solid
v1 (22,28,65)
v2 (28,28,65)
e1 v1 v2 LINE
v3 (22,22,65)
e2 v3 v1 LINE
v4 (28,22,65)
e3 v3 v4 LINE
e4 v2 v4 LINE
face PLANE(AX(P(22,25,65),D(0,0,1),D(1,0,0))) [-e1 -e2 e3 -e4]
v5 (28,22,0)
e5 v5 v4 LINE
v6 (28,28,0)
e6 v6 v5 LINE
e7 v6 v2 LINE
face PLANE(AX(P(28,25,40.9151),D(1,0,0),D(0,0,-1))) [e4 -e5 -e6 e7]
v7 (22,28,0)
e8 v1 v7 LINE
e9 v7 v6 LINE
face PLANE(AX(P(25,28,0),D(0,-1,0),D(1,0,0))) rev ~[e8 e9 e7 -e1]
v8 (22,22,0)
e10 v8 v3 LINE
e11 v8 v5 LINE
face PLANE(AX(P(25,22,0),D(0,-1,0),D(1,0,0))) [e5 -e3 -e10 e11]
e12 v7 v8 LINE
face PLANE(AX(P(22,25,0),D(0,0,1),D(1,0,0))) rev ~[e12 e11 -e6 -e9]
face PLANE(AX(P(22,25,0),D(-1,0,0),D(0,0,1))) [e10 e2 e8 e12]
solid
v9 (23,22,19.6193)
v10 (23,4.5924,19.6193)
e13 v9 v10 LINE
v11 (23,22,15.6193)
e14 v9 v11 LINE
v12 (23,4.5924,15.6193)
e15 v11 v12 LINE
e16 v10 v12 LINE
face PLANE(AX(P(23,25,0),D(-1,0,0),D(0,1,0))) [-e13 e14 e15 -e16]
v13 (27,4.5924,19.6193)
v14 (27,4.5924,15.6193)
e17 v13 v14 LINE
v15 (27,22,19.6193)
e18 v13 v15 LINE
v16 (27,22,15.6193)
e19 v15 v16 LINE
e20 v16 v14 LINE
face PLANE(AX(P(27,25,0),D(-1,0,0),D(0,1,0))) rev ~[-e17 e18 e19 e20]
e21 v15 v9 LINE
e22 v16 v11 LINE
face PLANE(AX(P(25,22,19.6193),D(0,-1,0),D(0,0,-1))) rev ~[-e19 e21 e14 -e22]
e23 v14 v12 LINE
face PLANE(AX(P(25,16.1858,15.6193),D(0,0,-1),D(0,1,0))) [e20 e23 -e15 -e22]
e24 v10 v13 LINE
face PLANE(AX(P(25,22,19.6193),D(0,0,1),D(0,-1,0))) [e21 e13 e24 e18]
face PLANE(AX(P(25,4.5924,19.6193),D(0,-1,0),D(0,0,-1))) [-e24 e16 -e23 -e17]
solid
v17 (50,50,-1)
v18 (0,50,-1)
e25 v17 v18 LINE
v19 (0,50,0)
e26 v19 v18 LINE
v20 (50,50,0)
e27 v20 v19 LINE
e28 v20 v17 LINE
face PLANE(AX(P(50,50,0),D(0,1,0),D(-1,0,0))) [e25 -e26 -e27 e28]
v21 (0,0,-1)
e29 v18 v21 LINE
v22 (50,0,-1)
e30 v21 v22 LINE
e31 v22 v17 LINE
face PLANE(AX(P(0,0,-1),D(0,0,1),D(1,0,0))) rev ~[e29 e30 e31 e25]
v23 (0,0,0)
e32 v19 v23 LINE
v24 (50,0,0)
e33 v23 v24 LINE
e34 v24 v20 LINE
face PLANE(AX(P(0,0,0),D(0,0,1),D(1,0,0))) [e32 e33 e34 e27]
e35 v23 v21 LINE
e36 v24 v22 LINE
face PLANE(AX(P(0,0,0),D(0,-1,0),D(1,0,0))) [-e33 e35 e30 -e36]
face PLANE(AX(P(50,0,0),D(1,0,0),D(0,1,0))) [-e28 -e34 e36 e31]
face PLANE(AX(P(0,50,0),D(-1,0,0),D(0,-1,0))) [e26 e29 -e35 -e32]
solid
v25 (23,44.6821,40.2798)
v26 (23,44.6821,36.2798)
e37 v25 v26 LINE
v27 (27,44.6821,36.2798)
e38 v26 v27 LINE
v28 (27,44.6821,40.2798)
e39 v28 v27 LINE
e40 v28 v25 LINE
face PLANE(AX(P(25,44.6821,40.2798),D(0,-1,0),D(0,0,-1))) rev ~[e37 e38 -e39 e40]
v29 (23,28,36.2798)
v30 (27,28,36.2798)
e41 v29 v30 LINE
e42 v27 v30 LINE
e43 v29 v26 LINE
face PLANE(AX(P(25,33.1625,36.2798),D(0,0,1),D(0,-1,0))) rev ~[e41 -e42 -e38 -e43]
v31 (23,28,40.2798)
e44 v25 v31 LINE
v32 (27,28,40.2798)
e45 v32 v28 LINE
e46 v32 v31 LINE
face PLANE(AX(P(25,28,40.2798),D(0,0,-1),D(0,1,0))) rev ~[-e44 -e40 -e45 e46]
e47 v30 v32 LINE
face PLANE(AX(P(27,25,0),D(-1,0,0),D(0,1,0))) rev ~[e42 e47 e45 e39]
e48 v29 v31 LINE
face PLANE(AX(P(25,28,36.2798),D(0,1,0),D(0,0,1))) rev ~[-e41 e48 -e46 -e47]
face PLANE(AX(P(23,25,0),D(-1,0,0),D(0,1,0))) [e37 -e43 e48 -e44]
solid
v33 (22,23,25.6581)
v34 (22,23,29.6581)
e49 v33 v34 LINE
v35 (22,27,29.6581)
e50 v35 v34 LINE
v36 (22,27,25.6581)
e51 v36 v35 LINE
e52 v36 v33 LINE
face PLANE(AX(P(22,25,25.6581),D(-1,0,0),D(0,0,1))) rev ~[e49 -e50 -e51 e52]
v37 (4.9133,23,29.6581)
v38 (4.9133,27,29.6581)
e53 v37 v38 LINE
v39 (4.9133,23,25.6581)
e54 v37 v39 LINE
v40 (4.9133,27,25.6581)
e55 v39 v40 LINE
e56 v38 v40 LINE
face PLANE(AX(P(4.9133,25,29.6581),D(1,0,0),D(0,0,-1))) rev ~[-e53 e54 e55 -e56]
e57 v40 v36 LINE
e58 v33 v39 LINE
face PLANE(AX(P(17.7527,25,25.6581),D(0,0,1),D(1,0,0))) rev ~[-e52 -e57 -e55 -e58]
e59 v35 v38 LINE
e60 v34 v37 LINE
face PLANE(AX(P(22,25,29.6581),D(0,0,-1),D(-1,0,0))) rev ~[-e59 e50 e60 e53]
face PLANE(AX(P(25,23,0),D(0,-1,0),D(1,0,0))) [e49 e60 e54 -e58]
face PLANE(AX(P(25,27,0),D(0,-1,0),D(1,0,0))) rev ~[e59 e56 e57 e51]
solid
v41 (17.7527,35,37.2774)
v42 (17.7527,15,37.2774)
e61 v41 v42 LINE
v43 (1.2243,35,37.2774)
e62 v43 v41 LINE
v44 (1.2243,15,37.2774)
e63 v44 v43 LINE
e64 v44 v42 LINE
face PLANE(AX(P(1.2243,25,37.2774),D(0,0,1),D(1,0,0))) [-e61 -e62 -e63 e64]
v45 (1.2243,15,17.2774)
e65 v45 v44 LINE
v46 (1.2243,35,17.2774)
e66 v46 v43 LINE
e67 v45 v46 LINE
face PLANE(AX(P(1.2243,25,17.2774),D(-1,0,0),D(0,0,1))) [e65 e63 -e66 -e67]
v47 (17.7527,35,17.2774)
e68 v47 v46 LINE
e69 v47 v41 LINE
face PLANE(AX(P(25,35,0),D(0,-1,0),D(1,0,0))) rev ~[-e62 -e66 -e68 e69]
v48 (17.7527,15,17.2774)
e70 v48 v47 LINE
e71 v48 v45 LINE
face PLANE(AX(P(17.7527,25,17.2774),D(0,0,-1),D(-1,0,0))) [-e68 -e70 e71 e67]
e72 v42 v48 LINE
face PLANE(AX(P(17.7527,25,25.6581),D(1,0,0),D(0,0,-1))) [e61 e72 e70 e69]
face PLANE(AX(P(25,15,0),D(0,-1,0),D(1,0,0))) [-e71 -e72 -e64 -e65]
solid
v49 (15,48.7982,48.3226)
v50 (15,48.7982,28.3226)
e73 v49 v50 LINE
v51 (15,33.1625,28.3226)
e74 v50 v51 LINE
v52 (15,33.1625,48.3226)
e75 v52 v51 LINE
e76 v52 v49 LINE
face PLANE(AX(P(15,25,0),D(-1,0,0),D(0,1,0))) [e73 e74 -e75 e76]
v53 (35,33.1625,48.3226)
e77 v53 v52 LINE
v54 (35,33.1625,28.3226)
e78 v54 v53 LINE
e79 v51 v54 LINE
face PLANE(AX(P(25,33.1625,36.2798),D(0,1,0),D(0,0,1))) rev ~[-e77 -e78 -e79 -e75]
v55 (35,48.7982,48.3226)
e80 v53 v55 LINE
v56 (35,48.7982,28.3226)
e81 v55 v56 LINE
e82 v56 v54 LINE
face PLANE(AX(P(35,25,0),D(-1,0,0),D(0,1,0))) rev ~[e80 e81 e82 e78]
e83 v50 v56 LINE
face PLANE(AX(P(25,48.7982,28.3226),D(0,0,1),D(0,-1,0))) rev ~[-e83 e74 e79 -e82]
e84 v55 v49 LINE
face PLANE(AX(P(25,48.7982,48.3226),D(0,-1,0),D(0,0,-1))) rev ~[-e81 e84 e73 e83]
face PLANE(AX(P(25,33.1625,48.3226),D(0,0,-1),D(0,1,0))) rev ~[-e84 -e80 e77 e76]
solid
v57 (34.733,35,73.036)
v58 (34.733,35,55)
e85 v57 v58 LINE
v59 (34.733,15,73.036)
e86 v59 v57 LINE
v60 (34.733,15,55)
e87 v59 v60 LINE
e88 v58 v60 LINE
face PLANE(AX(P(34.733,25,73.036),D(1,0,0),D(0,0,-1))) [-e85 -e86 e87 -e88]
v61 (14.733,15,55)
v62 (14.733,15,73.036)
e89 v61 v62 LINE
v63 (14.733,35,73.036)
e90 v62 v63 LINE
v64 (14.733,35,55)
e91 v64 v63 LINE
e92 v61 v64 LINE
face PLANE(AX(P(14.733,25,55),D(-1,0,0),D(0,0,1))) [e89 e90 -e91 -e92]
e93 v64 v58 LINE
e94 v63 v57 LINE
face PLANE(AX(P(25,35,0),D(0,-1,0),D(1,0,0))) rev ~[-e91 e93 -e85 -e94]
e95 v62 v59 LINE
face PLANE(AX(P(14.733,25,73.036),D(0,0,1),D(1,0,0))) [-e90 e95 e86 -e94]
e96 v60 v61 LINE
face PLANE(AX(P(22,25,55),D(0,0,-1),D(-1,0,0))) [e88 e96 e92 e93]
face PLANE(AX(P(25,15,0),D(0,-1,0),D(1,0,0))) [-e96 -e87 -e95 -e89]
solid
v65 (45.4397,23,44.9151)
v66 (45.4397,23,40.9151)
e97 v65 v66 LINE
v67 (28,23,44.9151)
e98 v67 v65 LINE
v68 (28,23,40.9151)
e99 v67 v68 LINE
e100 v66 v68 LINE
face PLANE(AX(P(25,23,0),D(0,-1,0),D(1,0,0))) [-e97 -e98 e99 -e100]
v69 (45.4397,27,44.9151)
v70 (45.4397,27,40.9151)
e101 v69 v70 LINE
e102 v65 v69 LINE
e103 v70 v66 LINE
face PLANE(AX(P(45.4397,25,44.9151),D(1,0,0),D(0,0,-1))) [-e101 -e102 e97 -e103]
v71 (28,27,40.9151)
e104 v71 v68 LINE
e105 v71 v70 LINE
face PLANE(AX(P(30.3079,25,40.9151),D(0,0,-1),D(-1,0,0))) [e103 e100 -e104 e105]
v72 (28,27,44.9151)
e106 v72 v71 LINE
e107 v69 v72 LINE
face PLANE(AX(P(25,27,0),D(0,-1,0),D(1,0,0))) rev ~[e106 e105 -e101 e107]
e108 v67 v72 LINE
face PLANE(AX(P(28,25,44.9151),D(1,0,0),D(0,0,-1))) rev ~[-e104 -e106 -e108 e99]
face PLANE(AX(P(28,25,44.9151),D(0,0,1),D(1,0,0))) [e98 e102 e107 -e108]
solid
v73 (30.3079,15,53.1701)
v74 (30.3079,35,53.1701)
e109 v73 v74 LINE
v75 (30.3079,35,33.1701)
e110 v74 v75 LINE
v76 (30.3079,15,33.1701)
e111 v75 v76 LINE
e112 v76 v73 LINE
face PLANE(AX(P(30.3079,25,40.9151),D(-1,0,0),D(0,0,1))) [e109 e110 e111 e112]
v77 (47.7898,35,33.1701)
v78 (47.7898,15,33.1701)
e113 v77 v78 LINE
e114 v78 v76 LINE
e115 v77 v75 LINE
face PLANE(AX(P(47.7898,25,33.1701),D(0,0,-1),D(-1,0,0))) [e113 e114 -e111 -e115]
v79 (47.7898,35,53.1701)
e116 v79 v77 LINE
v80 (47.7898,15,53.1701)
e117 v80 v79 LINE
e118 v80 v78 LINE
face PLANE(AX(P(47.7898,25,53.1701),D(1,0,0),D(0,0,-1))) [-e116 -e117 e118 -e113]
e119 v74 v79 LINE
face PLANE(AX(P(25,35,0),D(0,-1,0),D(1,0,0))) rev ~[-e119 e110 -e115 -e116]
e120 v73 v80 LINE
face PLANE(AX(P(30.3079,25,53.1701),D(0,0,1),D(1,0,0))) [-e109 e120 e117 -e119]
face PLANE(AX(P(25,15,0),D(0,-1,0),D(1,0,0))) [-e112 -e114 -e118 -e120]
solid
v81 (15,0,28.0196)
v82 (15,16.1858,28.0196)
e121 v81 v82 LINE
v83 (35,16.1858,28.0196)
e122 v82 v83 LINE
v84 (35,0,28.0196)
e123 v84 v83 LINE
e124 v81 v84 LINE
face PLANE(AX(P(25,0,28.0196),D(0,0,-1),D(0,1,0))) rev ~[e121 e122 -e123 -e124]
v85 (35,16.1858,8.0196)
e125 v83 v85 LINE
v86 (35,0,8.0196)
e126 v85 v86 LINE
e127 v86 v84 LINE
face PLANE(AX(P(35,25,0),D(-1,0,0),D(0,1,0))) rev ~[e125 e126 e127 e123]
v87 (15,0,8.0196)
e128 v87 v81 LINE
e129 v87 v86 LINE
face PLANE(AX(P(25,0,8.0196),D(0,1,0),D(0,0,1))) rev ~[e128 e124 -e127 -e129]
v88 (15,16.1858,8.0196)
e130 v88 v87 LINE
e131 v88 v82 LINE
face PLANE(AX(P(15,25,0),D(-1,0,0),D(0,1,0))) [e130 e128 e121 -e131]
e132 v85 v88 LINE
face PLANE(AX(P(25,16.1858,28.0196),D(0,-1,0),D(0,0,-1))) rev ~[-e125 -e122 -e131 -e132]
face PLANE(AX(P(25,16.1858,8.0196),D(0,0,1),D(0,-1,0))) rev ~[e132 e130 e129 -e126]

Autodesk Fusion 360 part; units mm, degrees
sketch "Skizze1" plane through (0, 0, 0) normal (0, 0, 1) x (1, 0, 0)
  line L0 (0, 0) -> (50, 0)
  line L1 (50, 0) -> (50, 50)
  line L2 (50, 50) -> (0, 50)
  line L3 (0, 50) -> (0, 0)
  line L4 (0, 25) -> (50, 25) construction
  line L5 (25, 50) -> (25, 0) construction
extrude "Extrusion1" add sketch "Skizze1" against normal blind 1 makes body 1 in component "Ground"
ref_plane "Arbeitsebene1" through (25, 25, 0) normal (0, -1, 0) x (1, 0, 0)
ref_plane "Arbeitsebene2" through (25, 25, 0) normal (-1, 0, 0) x (0, -1, 0)
sketch "Skizze2" plane through (25, 25, 0) normal (0, -1, 0) x (1, 0, 0)
  line L0 (-25, 0) -> (25, 0)
  line L1 (0, 0) -> (0, 75) construction
  line L2 (-3, 0) -> (-3, 65)
  line L3 (-3, 65) -> (3, 65)
  line L4 (3, 65) -> (3, 0)
  line L5 (-3, 0) -> (3, 0)
  line L6 (-3, 29.6581) -> (-20.0867, 29.6581)
  line L7 (-20.0867, 29.6581) -> (-20.0867, 25.6581)
  line L8 (-20.0867, 25.6581) -> (-3, 25.6581)
  line L9 (-3, 25.6581) -> (-3, 29.6581)
  line L10 (3, 44.9151) -> (20.4397, 44.9151)
  line L11 (20.4397, 44.9151) -> (20.4397, 40.9151)
  line L12 (20.4397, 40.9151) -> (3, 40.9151)
  line L13 (3, 40.9151) -> (3, 44.9151)
  line L14 (-23.7757, 37.2774) -> (-7.2473, 37.2774)
  line L15 (-7.2473, 37.2774) -> (-7.2473, 17.2774)
  line L16 (-7.2473, 17.2774) -> (-23.7757, 17.2774)
  line L17 (-23.7757, 17.2774) -> (-23.7757, 37.2774)
  line L18 (5.3079, 53.1701) -> (22.7898, 53.1701)
  line L19 (22.7898, 53.1701) -> (22.7898, 33.1701)
  line L20 (22.7898, 33.1701) -> (5.3079, 33.1701)
  line L21 (5.3079, 33.1701) -> (5.3079, 53.1701)
  line L22 (-10.267, 73.036) -> (9.733, 73.036)
  line L23 (9.733, 73.036) -> (9.733, 55)
  line L24 (9.733, 55) -> (-10.267, 55)
  line L25 (-10.267, 55) -> (-10.267, 73.036)
  dimension "d21" = 6
  dimension "d25" = 3
  dimension "d26" = 4
  dimension "d27" = 4
  dimension "d36" = 20
  dimension "d37" = 20
  dimension "d38" = 20
extrude "Extrusion1'" add sketch "Skizze2" along normal mid plane 6 separate body contours L0 L2 L4 L5 L9 L13 L24 | L2 L3 L4 L24 makes body 2 in component "Trunk"
sketch "Skizze3" plane through (25, 25, 0) normal (-1, 0, 0) x (0, 1, 0)
  line L0 (3, -65) -> (-3, -65)
  line L1 (-3, -65) -> (-3, 0)
  line L2 (-3, 0) -> (3, 0)
  line L3 (3, 0) -> (3, -65)
  line L4 (0, -44.9151) -> (0, -40.9151)
  line L5 (0, -29.6581) -> (0, -25.6581)
  line L6 (3, -40.2798) -> (19.6821, -40.2798)
  line L7 (19.6821, -40.2798) -> (19.6821, -36.2798)
  line L8 (19.6821, -36.2798) -> (3, -36.2798)
  line L9 (3, -36.2798) -> (3, -40.2798)
  line L10 (-3, -19.6193) -> (-20.4076, -19.6193)
  line L11 (-20.4076, -19.6193) -> (-20.4076, -15.6193)
  line L12 (-20.4076, -15.6193) -> (-3, -15.6193)
  line L13 (-3, -15.6193) -> (-3, -19.6193)
  line L14 (8.1625, -48.3226) -> (23.7982, -48.3226)
  line L15 (23.7982, -48.3226) -> (23.7982, -28.3226)
  line L16 (23.7982, -28.3226) -> (8.1625, -28.3226)
  line L17 (8.1625, -28.3226) -> (8.1625, -48.3226)
  line L18 (-25, -28.0196) -> (-8.8142, -28.0196)
  line L19 (-8.8142, -28.0196) -> (-8.8142, -8.0196)
  line L20 (-8.8142, -8.0196) -> (-25, -8.0196)
  line L21 (-25, -8.0196) -> (-25, -28.0196)
  line L22 (-20.4076, -17.6193) -> (-3, -17.6193) construction
  line L23 (3, -38.2798) -> (19.6821, -38.2798) construction
  dimension "d32" = 4
  dimension "d33" = 4
  dimension "d34" = 20
  dimension "d35" = 20
extrude "Extrusion1''" add sketch "Skizze3" along normal mid plane 4 separate body contours L3 L6 L8 L9 L17 | L1 L10 L12 L13 L19 | L6 L7 L8 L17 | L10 L11 L12 L19 makes body 3 at (24.3333, 10.395, 19.6193) makes body 4 at (23, 39.1214, 38.9465) in component "Branches Y"
extrude "Extrusion1'''" add sketch "Skizze2" along normal mid plane 4 separate body contours L2 L6 L8 L9 L15 | L4 L10 L12 L13 L21 | L6 L7 L8 L15 | L10 L11 L12 L21 makes body 5 at (10.6089, 24.3333, 25.6581) makes body 6 at (33.8132, 23, 42.2484) in component "Branches X"
extrude "Extrusion1''''" add sketch "Skizze2" along normal mid plane 20 separate body contours L6 L7 L8 L14 L15 L16 L17 | L6 L7 L8 L15 | L10 L11 L12 L21 | L10 L11 L12 L18 L19 L20 L21 | L2 L3 L4 L22 L23 L24 L25 | L2 L3 L4 L24 makes body 7 at (1.2243, 28.3333, 23.9441) makes body 8 at (30.3079, 28.3333, 39.8368) makes body 9 at (21.3997, 21.6667, 73.036) in component "Leaf X"
extrude "Extrusion1'''''" add sketch "Skizze3" along normal mid plane 20 separate body contours L6 L7 L8 L17 | L6 L7 L8 L14 L15 L16 L17 | L10 L11 L12 L18 L19 L20 L21 | L10 L11 L12 L19 makes body 10 at (28.3333, 16.1858, 21.3529) makes body 11 at (21.6667, 33.1625, 41.656) in component "Leaf Y"
component "Ground" placed x (1, 0, 0) y (0, 1, 0) z (0, 0, 1) at (0, 0, 0)
component "Trunk" placed x (1, 0, 0) y (0, 1, 0) z (0, 0, 1) at (0, 0, 0)
component "Branches Y" placed x (1, 0, 0) y (0, 1, 0) z (0, 0, 1) at (0, 0, 0)
component "Branches X" placed x (1, 0, 0) y (0, 1, 0) z (0, 0, 1) at (0, 0, 0)
component "Leaf X" placed x (1, 0, 0) y (0, 1, 0) z (0, 0, 1) at (0, 0, 0)
component "Leaf Y" placed x (1, 0, 0) y (0, 1, 0) z (0, 0, 1) at (0, 0, 0)
equation "d21 = d_trunk"
equation "d_trunk = 6 mm" comment "Diameter Treetrunk"
equation "d_branch = 4 mm" comment "Diameter tree branch"
equation "d_leaf = 20 mm" comment "diameter leafball"
equation "d25 = d21 / 2"
equation "d26 = d_branch"
equation "d27 = d_branch"
equation "d30 = d_trunk / 2"
equation "d32 = d_branch"
equation "d33 = d_branch"
equation "d34 = d_leaf"
equation "d35 = d_leaf"
equation "d36 = d_leaf"
equation "d37 = d_leaf"
equation "d38 = d_leaf"
equation "d39 = d_branch / 2"
equation "d41 = d_branch / 2"
equation "d43 = d_leaf / 2"
equation "d45 = d_leaf / 2"
